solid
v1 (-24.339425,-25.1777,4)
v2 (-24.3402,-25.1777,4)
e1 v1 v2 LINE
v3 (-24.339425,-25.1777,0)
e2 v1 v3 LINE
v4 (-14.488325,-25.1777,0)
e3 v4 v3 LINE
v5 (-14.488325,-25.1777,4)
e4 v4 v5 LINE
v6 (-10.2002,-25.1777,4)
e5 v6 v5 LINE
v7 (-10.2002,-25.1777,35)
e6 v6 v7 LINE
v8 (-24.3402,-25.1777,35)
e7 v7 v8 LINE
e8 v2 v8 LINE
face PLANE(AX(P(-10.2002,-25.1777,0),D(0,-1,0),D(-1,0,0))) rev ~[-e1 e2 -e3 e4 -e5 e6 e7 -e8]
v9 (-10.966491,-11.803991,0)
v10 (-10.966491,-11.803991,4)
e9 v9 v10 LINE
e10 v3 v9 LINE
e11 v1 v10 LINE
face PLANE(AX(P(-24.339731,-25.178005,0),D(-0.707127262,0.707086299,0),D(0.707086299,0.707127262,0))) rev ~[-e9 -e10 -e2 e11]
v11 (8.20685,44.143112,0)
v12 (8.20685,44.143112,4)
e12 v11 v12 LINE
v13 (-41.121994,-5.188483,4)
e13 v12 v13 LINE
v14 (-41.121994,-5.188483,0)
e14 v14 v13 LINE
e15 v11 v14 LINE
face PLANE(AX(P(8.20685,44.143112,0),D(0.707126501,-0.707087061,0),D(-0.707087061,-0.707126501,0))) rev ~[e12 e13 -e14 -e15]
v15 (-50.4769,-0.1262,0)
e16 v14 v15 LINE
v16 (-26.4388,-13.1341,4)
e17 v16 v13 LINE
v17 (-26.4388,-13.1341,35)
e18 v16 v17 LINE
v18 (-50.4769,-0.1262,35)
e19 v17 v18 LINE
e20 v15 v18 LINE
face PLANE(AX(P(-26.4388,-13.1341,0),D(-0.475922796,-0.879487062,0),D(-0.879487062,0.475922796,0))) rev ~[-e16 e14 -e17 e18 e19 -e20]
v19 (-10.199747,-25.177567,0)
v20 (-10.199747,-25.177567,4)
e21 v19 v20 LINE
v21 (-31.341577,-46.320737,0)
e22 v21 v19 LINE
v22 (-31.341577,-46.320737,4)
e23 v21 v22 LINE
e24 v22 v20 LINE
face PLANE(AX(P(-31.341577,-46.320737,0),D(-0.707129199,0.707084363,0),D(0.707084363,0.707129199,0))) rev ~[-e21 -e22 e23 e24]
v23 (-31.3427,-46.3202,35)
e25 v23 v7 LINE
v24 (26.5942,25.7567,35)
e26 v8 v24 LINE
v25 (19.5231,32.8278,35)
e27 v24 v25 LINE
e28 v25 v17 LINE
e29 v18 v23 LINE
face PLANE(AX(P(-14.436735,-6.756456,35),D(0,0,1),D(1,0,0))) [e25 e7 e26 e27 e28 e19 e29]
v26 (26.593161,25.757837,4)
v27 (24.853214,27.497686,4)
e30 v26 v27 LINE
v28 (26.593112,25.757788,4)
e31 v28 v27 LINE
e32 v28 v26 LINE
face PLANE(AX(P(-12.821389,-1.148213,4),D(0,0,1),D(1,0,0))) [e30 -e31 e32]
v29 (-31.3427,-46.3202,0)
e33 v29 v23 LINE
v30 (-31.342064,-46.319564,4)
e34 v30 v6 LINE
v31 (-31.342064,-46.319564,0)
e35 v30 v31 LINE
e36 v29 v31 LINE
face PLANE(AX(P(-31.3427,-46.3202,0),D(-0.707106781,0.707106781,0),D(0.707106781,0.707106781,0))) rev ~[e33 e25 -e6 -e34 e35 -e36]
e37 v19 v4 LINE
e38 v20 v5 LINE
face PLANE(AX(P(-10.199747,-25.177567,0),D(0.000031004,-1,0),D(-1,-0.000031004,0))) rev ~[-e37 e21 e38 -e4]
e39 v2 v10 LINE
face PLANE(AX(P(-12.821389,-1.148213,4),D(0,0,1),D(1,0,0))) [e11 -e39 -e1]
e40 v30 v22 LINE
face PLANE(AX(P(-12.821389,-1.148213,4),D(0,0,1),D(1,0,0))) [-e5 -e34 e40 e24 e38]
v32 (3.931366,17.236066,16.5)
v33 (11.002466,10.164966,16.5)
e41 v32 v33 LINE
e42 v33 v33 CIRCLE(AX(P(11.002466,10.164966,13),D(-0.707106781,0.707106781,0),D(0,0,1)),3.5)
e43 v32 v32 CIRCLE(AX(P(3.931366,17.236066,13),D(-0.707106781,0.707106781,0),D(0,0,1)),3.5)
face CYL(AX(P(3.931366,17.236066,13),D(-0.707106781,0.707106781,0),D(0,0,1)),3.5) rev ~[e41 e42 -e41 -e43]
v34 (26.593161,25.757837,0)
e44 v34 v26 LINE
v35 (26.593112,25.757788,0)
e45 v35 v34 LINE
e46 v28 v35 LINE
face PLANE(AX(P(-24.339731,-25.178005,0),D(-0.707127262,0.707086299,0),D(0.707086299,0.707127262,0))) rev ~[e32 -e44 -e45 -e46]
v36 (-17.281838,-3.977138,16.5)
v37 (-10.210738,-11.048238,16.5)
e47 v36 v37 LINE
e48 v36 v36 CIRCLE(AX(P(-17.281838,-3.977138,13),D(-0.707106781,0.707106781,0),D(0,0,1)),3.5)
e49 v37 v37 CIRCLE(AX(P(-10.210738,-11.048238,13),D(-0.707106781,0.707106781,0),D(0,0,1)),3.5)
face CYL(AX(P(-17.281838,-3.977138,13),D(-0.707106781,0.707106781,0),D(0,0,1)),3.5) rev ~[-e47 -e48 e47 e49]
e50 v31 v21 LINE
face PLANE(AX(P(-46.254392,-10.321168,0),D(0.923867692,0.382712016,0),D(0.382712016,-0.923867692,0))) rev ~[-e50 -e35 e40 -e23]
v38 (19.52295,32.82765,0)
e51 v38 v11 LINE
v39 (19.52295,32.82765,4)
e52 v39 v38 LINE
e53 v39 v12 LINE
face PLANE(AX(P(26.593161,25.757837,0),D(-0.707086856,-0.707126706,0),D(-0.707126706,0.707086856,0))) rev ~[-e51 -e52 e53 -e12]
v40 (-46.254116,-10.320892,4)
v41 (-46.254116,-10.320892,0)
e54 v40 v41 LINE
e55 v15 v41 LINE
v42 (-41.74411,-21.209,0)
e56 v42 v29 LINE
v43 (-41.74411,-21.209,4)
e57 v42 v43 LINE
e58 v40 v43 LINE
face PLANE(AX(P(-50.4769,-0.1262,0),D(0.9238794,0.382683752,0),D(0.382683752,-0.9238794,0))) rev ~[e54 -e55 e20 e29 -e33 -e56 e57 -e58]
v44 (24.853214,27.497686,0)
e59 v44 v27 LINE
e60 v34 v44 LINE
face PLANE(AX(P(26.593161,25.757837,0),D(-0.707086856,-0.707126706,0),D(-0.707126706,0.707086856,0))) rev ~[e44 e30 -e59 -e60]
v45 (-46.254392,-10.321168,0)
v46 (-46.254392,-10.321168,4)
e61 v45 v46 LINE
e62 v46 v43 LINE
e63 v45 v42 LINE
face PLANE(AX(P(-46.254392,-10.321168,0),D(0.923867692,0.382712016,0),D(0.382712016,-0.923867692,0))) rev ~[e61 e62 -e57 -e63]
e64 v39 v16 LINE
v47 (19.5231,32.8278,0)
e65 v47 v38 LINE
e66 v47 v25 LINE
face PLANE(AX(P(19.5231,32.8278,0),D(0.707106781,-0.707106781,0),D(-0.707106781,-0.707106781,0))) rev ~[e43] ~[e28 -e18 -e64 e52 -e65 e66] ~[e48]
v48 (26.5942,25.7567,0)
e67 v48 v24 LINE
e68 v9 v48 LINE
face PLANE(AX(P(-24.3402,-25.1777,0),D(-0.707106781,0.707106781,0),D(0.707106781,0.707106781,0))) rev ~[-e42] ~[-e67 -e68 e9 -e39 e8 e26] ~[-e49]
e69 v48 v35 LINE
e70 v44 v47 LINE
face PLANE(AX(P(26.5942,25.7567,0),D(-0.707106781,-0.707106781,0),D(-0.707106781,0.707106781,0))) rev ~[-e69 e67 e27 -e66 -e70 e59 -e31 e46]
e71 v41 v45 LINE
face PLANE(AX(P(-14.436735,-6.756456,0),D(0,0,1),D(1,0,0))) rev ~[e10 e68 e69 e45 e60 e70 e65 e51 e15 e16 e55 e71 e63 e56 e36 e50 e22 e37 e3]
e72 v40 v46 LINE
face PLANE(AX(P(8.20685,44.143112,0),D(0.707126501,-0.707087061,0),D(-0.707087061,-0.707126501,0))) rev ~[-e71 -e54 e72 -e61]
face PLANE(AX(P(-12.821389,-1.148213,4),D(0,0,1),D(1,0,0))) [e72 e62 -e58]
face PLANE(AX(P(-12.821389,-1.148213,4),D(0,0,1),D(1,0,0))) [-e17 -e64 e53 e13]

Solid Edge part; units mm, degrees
sketch "Sketch1" plane through (0, 0, 0) normal (0, 0, 1) x (1, 0, 0)
  line L0 (-50.4769, -0.1262) -> (-31.3427, -46.3202)
  line L1 (-31.3427, -46.3202) -> (-10.2002, -25.1777)
  line L2 (-10.2002, -25.1777) -> (-24.3402, -25.1777)
  line L3 (-24.3402, -25.1777) -> (26.5942, 25.7567)
  line L4 (26.5942, 25.7567) -> (19.5231, 32.8278)
  line L5 (19.5231, 32.8278) -> (-26.4388, -13.1341)
  line L6 (-26.4388, -13.1341) -> (-50.4769, -0.1262)
  dimension "D1" = 50
  dimension "D2" = 29.9
  dimension "D3" = 10
  dimension "D4" = 65
  dimension "D5" = 14.14
  dimension "D6" = 70
extrude "Protrusion1" add sketch "Sketch1" along normal blind 35
sketch "Sketch2" plane through (-12.0121, -6.8169, 0) normal (0, 0, -1) x (-0.8795, 0.4759, 0)
  line L0 (-1.7996, -43.9425) -> (-10.3318, -15.2857)
  line L1 (-10.3318, -15.2857) -> (2.1041, -22.0153)
  line L2 (2.1041, -22.0153) -> (-18.451, 47.0217)
  line L3 (-18.451, 47.0217) -> (6.4693, 54.4415)
  line L4 (6.4693, 54.4415) -> (28.4484, -19.3779)
  line L5 (28.4484, -19.3779) -> (-1.7996, -43.9425)
  dimension "D1" = 36
extrude "Extrusionsausprägung_6" add sketch "Sketch2" against normal blind 4
sketch "Sketch3" plane through (-3.4579, 9.8468, 19.5) normal (-0.7071, 0.7071, 0) x (0, 0, 1)
  circle A0 centre (-6.5, 10.45) radius 3.5
  circle A1 centre (-6.5, -19.55) radius 3.5
  dimension "D1" = 7
  dimension "D2" = 22.05
  dimension "D3" = 13
  dimension "D4" = 30
extrude "Cutout1" cut sketch "Sketch3" against normal through all
properties material "Nylon, allgemein"
